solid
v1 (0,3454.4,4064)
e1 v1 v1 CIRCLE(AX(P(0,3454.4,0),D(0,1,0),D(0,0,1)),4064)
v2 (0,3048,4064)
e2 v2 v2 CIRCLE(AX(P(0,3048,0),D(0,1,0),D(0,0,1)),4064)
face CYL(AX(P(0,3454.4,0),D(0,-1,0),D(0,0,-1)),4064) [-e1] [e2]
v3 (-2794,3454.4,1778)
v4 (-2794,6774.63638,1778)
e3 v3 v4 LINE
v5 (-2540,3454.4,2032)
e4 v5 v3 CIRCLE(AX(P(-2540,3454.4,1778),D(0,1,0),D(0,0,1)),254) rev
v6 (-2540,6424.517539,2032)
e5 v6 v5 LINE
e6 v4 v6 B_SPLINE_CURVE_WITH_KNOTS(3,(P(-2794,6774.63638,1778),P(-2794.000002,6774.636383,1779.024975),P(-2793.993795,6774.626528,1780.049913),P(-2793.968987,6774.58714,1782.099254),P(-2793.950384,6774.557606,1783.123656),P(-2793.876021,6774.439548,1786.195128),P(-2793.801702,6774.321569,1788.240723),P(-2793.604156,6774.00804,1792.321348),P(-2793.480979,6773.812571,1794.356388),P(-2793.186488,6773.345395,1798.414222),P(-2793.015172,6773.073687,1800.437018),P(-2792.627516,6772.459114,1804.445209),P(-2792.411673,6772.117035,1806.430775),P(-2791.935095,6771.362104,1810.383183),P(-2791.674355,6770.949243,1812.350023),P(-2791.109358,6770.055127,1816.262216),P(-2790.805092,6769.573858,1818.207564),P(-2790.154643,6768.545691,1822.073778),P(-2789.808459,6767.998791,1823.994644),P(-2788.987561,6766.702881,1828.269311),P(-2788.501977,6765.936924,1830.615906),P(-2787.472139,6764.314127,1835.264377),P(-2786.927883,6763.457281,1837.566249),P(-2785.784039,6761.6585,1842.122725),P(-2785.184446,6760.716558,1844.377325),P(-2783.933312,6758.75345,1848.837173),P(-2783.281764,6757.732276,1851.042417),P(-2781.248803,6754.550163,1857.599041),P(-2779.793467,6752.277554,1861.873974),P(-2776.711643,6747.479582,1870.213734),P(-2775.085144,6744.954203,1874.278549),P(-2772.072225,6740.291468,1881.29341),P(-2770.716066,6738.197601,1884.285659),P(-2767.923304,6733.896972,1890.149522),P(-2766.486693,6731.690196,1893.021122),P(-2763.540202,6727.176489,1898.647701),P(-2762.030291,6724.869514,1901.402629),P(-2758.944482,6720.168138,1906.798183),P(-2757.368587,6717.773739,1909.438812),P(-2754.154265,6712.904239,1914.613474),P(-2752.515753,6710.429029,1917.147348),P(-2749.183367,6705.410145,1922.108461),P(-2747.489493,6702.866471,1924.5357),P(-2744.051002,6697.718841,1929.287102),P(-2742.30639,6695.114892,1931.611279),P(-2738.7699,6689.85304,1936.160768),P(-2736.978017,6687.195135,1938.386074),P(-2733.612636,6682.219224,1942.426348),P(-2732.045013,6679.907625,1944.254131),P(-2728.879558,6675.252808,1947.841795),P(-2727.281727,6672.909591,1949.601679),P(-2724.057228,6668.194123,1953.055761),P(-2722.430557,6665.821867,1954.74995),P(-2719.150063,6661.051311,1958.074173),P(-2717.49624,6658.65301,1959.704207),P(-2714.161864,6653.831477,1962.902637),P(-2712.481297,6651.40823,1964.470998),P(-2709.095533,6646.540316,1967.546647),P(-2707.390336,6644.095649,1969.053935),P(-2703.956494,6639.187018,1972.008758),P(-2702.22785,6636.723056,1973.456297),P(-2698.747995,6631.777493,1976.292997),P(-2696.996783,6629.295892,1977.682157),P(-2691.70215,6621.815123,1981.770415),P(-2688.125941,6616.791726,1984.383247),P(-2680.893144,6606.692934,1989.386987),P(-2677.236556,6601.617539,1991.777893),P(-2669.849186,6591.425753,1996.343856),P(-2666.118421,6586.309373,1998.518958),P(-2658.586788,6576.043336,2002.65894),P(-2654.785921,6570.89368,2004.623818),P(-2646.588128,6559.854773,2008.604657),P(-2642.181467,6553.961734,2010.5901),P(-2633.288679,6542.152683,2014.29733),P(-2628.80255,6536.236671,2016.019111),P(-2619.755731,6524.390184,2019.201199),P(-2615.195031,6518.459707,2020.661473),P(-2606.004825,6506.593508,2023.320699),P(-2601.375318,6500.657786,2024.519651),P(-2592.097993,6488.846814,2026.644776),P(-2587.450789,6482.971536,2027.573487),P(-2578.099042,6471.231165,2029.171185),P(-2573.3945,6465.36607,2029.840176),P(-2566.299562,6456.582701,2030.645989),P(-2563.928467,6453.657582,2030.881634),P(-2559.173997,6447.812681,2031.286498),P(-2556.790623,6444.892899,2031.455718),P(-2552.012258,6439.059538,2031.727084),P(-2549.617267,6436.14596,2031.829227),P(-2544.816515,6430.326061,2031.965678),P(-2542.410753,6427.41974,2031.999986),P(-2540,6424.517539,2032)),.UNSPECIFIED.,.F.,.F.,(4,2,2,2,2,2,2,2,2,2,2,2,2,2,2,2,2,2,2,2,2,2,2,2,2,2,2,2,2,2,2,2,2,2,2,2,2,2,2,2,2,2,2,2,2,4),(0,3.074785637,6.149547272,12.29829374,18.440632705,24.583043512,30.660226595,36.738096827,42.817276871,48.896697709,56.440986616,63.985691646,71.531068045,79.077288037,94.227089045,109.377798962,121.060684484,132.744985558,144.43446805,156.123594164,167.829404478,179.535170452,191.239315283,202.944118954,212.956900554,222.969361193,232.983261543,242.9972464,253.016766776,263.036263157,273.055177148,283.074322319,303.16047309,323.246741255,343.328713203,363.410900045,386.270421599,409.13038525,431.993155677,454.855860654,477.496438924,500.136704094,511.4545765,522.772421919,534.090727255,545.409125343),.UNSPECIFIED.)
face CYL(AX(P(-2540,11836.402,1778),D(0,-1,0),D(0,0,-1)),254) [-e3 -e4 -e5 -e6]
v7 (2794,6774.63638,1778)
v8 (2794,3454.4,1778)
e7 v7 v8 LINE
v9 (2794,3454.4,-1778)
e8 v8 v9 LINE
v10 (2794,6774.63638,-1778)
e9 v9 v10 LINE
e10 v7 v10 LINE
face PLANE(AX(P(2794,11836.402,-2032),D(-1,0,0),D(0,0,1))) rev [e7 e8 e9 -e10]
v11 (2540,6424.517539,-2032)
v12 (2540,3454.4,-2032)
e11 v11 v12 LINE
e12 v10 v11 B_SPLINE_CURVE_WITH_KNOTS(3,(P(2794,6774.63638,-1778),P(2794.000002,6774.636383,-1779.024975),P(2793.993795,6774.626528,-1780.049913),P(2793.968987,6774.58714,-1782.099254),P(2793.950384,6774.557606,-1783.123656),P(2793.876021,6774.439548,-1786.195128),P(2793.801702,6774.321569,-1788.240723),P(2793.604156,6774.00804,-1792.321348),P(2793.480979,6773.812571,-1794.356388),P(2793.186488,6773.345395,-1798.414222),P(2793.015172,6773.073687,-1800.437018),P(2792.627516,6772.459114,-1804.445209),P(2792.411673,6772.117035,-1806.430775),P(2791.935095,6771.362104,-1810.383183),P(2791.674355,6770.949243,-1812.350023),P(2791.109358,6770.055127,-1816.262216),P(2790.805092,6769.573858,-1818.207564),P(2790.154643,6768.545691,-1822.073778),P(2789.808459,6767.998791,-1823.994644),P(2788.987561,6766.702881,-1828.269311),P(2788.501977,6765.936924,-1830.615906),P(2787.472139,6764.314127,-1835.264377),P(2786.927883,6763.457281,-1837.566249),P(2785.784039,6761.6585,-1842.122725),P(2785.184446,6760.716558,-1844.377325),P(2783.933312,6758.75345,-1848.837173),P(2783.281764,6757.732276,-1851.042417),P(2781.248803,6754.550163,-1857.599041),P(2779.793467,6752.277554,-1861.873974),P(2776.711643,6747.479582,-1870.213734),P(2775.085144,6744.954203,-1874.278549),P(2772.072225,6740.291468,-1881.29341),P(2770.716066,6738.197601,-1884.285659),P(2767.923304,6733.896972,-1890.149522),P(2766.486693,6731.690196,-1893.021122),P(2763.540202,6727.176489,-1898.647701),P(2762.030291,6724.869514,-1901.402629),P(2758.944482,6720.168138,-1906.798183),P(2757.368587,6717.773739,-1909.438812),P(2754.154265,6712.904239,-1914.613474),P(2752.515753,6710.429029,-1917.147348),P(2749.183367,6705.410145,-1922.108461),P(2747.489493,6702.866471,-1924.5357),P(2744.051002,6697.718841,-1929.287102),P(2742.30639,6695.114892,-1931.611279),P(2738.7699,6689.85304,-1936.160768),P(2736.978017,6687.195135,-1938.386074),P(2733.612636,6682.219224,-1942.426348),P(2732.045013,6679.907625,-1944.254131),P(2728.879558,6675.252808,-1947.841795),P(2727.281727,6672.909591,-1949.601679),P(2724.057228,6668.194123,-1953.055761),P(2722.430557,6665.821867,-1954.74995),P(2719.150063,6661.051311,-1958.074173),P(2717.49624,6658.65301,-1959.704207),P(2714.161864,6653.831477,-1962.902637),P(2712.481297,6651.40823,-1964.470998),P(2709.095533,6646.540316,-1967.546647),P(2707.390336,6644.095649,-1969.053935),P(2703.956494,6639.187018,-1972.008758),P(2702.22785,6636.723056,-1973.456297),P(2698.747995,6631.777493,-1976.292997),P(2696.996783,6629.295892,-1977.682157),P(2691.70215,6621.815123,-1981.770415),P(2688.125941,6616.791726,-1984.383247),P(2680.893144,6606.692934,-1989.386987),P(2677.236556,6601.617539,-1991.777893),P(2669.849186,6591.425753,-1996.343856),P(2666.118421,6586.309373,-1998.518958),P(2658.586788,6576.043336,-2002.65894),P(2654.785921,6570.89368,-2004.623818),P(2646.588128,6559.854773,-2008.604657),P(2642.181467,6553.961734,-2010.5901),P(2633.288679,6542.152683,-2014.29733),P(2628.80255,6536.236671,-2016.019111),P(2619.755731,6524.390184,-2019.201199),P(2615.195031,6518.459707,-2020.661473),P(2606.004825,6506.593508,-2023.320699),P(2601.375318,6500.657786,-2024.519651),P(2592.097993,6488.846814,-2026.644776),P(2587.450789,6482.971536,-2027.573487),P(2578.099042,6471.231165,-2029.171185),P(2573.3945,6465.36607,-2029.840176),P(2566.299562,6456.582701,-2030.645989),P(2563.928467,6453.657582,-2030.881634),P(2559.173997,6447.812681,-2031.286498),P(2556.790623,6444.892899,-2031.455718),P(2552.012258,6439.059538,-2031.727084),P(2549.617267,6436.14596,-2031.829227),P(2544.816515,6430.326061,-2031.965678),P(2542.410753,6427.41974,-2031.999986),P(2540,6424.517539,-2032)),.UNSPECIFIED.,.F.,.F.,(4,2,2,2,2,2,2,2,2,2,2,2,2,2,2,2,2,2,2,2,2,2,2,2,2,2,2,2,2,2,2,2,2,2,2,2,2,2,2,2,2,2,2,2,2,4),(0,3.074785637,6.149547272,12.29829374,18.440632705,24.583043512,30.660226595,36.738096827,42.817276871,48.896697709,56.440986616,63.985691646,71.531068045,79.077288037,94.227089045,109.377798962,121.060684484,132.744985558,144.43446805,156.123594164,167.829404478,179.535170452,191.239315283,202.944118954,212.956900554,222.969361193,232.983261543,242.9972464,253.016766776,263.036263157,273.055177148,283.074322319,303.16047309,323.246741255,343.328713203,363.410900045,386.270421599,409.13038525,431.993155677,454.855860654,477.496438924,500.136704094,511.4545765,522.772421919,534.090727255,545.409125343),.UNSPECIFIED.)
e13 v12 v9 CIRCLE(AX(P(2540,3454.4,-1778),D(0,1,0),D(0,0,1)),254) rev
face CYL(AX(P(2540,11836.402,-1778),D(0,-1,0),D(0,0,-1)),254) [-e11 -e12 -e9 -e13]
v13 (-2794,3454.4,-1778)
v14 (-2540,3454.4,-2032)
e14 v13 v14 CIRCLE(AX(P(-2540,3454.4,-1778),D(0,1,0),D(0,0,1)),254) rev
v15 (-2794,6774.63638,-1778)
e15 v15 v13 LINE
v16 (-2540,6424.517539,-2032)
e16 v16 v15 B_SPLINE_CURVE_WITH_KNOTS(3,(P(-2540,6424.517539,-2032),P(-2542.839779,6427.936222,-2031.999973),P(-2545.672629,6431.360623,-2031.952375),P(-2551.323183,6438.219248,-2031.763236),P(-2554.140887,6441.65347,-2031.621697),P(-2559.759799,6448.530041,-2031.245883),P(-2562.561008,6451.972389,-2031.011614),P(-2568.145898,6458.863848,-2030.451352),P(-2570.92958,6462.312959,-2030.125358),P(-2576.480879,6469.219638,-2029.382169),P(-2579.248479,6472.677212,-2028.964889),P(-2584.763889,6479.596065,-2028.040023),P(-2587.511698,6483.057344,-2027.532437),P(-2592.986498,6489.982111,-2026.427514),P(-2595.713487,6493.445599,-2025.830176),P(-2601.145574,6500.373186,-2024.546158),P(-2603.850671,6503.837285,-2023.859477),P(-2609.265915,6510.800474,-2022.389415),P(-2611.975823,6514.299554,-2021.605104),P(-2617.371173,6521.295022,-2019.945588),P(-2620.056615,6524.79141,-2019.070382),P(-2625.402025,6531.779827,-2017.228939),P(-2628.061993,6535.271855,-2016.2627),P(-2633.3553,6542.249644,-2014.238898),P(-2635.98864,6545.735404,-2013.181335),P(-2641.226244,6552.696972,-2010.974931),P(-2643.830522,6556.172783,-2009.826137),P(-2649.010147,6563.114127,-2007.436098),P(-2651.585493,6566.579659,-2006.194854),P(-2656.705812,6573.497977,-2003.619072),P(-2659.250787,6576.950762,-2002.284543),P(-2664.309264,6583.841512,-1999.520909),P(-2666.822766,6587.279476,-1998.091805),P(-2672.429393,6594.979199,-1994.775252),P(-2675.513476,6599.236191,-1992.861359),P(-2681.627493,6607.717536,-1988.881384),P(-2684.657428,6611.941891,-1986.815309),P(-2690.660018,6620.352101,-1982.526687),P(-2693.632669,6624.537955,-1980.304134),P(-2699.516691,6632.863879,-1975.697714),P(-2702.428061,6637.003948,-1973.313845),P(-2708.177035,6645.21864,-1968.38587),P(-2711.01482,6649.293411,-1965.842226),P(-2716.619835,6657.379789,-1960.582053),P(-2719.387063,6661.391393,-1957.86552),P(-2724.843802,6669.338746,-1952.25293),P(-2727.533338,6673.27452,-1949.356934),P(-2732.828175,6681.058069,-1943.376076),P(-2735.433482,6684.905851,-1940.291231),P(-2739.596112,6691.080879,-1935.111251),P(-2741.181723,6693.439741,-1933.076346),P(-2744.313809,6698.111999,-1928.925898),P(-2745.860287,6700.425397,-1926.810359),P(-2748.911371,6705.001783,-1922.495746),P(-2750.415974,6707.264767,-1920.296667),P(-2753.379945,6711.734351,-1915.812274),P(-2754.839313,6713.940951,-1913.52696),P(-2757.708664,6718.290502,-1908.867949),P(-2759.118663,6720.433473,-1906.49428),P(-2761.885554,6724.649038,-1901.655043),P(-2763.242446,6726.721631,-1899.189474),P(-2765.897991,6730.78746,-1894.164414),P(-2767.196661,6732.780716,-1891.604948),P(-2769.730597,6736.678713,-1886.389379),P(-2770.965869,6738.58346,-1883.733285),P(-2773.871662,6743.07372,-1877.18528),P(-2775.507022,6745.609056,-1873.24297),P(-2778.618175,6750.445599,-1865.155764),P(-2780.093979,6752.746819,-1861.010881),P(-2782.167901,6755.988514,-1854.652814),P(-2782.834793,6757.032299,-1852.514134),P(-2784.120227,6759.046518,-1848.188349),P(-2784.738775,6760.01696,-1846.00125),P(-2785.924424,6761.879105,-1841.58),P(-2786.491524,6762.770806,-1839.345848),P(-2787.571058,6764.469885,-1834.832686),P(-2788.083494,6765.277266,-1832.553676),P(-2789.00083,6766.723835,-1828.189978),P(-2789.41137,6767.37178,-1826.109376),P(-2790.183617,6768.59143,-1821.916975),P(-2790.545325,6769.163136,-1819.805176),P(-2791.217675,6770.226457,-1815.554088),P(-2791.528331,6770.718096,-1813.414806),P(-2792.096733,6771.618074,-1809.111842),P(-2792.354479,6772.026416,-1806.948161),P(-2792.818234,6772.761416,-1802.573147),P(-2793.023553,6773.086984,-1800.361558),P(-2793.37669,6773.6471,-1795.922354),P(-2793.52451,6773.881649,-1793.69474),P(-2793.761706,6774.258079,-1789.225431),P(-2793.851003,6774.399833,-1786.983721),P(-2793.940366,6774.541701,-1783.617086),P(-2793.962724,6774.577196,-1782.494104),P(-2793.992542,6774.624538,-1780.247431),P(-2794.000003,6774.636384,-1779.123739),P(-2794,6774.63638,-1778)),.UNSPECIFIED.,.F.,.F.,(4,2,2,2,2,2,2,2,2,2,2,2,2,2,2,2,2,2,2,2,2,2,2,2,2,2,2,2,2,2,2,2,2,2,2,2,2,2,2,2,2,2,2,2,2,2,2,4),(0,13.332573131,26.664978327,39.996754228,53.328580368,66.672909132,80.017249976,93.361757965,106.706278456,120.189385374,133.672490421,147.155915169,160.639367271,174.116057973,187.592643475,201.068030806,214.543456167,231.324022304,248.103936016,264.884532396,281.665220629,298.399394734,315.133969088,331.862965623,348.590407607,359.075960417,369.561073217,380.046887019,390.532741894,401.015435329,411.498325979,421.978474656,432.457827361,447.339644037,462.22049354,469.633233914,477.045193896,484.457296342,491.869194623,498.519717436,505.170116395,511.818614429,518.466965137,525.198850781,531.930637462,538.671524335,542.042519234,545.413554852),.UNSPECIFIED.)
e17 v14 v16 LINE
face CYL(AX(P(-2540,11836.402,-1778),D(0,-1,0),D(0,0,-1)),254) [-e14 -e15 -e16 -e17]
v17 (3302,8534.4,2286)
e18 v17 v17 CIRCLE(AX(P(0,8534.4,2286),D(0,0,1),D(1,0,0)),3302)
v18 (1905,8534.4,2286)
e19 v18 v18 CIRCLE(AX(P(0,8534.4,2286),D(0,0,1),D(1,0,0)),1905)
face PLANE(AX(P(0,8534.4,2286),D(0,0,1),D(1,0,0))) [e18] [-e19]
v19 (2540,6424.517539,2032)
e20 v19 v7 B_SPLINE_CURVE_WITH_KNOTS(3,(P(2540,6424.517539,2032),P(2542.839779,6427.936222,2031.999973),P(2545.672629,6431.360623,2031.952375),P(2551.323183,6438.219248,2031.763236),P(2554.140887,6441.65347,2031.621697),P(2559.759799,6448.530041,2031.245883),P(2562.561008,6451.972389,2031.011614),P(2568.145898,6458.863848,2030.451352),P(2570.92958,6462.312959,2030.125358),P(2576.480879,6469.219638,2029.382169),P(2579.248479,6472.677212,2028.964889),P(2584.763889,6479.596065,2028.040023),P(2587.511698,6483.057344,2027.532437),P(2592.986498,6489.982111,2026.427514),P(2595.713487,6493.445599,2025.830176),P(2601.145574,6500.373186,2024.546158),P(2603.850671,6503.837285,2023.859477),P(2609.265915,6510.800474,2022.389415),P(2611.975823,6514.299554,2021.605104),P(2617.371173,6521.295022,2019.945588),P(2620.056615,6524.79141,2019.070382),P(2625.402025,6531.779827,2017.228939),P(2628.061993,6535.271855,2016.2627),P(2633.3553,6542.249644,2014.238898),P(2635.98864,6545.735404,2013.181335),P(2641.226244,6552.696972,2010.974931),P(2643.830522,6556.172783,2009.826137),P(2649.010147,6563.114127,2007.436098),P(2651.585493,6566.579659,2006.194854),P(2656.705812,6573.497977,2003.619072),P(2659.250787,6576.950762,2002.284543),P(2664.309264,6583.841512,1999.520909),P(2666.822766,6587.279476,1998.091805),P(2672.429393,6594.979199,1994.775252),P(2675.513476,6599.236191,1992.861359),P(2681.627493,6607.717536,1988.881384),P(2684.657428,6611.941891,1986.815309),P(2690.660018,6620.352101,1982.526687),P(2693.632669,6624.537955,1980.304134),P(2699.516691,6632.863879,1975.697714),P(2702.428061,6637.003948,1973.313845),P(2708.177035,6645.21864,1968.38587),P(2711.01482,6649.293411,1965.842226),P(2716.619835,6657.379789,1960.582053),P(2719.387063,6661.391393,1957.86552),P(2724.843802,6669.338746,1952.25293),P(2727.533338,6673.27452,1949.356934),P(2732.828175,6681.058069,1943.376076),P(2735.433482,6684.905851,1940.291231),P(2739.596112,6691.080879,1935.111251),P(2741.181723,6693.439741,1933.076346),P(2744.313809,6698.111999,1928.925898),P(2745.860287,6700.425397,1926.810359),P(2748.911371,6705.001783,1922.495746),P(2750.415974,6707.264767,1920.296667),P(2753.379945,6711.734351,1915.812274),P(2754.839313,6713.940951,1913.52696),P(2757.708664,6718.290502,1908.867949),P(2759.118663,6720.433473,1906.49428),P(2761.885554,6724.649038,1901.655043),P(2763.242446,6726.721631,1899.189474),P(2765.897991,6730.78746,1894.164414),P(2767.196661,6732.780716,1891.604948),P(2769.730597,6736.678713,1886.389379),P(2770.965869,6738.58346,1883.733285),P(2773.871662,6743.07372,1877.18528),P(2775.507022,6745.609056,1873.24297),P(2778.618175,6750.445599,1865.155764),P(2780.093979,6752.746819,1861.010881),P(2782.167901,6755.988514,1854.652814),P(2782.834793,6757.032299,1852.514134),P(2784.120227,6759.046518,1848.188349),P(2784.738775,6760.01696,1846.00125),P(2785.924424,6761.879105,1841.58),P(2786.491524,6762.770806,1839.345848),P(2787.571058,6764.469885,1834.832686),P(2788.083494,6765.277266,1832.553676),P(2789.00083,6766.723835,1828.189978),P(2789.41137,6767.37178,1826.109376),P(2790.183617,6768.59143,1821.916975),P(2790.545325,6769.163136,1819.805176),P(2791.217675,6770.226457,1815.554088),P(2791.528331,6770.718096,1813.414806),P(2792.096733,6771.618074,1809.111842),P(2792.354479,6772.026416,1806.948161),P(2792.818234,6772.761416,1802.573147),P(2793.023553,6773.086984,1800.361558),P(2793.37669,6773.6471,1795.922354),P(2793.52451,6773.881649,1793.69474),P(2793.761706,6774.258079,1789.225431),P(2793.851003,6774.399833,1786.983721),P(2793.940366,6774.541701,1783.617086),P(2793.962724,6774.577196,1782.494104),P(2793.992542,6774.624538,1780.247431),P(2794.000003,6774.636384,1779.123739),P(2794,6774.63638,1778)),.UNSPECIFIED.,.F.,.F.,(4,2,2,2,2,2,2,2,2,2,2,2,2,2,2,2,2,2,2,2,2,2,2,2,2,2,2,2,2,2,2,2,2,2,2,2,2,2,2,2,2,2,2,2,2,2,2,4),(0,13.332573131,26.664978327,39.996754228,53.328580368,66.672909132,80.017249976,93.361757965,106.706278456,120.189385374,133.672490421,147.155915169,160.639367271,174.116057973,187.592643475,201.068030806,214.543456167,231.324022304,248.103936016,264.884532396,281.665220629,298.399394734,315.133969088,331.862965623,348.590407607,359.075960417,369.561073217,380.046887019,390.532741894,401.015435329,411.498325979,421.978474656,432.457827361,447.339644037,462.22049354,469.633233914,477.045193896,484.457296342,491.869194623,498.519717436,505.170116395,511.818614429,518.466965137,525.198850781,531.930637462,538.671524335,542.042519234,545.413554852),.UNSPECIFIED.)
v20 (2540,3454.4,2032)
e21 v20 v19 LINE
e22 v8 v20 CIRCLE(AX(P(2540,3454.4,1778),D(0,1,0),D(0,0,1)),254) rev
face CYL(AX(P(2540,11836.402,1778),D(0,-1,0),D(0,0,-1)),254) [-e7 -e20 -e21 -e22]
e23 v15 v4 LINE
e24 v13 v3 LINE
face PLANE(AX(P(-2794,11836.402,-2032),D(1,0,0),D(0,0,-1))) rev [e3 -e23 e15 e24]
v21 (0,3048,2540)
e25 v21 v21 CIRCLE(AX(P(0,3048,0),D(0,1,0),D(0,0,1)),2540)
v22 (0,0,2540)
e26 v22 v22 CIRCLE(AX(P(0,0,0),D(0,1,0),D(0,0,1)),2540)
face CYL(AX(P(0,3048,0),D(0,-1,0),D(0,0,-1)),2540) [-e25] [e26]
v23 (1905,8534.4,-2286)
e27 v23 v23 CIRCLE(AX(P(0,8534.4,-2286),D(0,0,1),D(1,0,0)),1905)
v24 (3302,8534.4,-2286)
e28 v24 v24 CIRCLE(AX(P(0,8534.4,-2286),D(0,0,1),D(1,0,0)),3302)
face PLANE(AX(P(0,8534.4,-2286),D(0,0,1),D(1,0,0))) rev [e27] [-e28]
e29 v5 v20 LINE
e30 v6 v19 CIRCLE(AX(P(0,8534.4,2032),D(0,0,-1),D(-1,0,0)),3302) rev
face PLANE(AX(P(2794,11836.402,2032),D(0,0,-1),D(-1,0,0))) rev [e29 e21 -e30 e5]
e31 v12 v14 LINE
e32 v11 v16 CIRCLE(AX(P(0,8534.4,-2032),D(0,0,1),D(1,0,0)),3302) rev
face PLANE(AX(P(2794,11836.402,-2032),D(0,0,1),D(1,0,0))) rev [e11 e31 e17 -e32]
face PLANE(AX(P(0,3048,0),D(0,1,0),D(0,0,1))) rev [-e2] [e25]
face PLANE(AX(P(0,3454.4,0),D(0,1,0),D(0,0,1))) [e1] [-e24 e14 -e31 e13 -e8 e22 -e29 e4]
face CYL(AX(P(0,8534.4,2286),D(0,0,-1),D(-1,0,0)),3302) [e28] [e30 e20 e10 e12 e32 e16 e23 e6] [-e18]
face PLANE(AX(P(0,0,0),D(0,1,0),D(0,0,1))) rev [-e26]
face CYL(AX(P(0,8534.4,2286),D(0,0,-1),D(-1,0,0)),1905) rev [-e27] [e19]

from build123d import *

# Parameters (mm, degrees)
SKETCH1_R                = 2540
BOSS_EXTRUDE1_DEPTH      = 3048
SKETCH2_R                = 4064
BOSS_EXTRUDE2_DEPTH      = 406.4
SKETCH3_R                = 3302
SKETCH3_R_2              = 1905
BOSS_EXTRUDE3_DEPTH      = 2286
BOSS_EXTRUDE4_REACH      = 10165.175
BOSS_EXTRUDE4_END_RADIUS = 3302
SKETCH4_W                = 5588
SKETCH4_H                = 4064
FILLET1_R                = 254


with BuildPart() as part:
    # Sketch1 → Boss-Extrude1 (new body)
    with BuildSketch(Plane(origin=(0, 0, 0), x_dir=(1, 0, 0), z_dir=(0, 1, 0))):
        with Locations(Location((0, 0, 0), (0, 0, 270))):
            Circle(SKETCH1_R)
    extrude(amount=BOSS_EXTRUDE1_DEPTH)

    # Sketch2 → Boss-Extrude2 (add)
    with BuildSketch(Plane(origin=(0, 3048, 0), x_dir=(1, 0, 0), z_dir=(0, 1, 0))):
        with Locations(Location((0, 0, 0), (0, 0, 270))):
            Circle(SKETCH2_R)
    extrude(amount=BOSS_EXTRUDE2_DEPTH)



with BuildPart() as body_2:
    # Sketch3 → Boss-Extrude3 (new, symmetric)
    with BuildSketch(Plane.XY):
        with Locations((0, 8534.4)):
            Circle(SKETCH3_R)
        with Locations((0, 8534.4)):
            Circle(SKETCH3_R_2, mode=Mode.SUBTRACT)
    extrude(amount=BOSS_EXTRUDE3_DEPTH, both=True)


with BuildPart() as part_1:
    add(part.part)

    add(body_2.part)  # Boss-Extrude4 merges body 2
    # Boss-Extrude4: up to this cylinder (the profile starts outside it)
    boss_extrude4_end = Plane(origin=(0, 8534.4, 0), z_dir=(0, 0, -1)) * Cylinder(BOSS_EXTRUDE4_END_RADIUS, 26935.35, mode=Mode.PRIVATE)
    # Sketch4 → Boss-Extrude4 (add, up to the surface)
    with BuildSketch(Plane(origin=(0, 3454.4, 0), x_dir=(1, 0, 0), z_dir=(0, 1, 0)), mode=Mode.PRIVATE) as boss_extrude4_sk1:
        Rectangle(SKETCH4_W, SKETCH4_H)
    boss_extrude4_tool1 = extrude(boss_extrude4_sk1.sketch, amount=BOSS_EXTRUDE4_REACH, mode=Mode.PRIVATE) - boss_extrude4_end
    add(boss_extrude4_tool1.solids().sort_by_distance((0, 3454.4, 0))[0])

    # Fillet1
    fillet1_edges = [part_1.edges().sort_by_distance(p)[0] for p in [
        (-2794, 5114.518189755, 2032),
        (-2794, 5114.518189755, -2032),
        (2794, 5114.518189755, 2032),
        (2794, 5114.518189755, -2032),
    ]]
    fillet(fillet1_edges, radius=FILLET1_R)


solid = part_1.part
